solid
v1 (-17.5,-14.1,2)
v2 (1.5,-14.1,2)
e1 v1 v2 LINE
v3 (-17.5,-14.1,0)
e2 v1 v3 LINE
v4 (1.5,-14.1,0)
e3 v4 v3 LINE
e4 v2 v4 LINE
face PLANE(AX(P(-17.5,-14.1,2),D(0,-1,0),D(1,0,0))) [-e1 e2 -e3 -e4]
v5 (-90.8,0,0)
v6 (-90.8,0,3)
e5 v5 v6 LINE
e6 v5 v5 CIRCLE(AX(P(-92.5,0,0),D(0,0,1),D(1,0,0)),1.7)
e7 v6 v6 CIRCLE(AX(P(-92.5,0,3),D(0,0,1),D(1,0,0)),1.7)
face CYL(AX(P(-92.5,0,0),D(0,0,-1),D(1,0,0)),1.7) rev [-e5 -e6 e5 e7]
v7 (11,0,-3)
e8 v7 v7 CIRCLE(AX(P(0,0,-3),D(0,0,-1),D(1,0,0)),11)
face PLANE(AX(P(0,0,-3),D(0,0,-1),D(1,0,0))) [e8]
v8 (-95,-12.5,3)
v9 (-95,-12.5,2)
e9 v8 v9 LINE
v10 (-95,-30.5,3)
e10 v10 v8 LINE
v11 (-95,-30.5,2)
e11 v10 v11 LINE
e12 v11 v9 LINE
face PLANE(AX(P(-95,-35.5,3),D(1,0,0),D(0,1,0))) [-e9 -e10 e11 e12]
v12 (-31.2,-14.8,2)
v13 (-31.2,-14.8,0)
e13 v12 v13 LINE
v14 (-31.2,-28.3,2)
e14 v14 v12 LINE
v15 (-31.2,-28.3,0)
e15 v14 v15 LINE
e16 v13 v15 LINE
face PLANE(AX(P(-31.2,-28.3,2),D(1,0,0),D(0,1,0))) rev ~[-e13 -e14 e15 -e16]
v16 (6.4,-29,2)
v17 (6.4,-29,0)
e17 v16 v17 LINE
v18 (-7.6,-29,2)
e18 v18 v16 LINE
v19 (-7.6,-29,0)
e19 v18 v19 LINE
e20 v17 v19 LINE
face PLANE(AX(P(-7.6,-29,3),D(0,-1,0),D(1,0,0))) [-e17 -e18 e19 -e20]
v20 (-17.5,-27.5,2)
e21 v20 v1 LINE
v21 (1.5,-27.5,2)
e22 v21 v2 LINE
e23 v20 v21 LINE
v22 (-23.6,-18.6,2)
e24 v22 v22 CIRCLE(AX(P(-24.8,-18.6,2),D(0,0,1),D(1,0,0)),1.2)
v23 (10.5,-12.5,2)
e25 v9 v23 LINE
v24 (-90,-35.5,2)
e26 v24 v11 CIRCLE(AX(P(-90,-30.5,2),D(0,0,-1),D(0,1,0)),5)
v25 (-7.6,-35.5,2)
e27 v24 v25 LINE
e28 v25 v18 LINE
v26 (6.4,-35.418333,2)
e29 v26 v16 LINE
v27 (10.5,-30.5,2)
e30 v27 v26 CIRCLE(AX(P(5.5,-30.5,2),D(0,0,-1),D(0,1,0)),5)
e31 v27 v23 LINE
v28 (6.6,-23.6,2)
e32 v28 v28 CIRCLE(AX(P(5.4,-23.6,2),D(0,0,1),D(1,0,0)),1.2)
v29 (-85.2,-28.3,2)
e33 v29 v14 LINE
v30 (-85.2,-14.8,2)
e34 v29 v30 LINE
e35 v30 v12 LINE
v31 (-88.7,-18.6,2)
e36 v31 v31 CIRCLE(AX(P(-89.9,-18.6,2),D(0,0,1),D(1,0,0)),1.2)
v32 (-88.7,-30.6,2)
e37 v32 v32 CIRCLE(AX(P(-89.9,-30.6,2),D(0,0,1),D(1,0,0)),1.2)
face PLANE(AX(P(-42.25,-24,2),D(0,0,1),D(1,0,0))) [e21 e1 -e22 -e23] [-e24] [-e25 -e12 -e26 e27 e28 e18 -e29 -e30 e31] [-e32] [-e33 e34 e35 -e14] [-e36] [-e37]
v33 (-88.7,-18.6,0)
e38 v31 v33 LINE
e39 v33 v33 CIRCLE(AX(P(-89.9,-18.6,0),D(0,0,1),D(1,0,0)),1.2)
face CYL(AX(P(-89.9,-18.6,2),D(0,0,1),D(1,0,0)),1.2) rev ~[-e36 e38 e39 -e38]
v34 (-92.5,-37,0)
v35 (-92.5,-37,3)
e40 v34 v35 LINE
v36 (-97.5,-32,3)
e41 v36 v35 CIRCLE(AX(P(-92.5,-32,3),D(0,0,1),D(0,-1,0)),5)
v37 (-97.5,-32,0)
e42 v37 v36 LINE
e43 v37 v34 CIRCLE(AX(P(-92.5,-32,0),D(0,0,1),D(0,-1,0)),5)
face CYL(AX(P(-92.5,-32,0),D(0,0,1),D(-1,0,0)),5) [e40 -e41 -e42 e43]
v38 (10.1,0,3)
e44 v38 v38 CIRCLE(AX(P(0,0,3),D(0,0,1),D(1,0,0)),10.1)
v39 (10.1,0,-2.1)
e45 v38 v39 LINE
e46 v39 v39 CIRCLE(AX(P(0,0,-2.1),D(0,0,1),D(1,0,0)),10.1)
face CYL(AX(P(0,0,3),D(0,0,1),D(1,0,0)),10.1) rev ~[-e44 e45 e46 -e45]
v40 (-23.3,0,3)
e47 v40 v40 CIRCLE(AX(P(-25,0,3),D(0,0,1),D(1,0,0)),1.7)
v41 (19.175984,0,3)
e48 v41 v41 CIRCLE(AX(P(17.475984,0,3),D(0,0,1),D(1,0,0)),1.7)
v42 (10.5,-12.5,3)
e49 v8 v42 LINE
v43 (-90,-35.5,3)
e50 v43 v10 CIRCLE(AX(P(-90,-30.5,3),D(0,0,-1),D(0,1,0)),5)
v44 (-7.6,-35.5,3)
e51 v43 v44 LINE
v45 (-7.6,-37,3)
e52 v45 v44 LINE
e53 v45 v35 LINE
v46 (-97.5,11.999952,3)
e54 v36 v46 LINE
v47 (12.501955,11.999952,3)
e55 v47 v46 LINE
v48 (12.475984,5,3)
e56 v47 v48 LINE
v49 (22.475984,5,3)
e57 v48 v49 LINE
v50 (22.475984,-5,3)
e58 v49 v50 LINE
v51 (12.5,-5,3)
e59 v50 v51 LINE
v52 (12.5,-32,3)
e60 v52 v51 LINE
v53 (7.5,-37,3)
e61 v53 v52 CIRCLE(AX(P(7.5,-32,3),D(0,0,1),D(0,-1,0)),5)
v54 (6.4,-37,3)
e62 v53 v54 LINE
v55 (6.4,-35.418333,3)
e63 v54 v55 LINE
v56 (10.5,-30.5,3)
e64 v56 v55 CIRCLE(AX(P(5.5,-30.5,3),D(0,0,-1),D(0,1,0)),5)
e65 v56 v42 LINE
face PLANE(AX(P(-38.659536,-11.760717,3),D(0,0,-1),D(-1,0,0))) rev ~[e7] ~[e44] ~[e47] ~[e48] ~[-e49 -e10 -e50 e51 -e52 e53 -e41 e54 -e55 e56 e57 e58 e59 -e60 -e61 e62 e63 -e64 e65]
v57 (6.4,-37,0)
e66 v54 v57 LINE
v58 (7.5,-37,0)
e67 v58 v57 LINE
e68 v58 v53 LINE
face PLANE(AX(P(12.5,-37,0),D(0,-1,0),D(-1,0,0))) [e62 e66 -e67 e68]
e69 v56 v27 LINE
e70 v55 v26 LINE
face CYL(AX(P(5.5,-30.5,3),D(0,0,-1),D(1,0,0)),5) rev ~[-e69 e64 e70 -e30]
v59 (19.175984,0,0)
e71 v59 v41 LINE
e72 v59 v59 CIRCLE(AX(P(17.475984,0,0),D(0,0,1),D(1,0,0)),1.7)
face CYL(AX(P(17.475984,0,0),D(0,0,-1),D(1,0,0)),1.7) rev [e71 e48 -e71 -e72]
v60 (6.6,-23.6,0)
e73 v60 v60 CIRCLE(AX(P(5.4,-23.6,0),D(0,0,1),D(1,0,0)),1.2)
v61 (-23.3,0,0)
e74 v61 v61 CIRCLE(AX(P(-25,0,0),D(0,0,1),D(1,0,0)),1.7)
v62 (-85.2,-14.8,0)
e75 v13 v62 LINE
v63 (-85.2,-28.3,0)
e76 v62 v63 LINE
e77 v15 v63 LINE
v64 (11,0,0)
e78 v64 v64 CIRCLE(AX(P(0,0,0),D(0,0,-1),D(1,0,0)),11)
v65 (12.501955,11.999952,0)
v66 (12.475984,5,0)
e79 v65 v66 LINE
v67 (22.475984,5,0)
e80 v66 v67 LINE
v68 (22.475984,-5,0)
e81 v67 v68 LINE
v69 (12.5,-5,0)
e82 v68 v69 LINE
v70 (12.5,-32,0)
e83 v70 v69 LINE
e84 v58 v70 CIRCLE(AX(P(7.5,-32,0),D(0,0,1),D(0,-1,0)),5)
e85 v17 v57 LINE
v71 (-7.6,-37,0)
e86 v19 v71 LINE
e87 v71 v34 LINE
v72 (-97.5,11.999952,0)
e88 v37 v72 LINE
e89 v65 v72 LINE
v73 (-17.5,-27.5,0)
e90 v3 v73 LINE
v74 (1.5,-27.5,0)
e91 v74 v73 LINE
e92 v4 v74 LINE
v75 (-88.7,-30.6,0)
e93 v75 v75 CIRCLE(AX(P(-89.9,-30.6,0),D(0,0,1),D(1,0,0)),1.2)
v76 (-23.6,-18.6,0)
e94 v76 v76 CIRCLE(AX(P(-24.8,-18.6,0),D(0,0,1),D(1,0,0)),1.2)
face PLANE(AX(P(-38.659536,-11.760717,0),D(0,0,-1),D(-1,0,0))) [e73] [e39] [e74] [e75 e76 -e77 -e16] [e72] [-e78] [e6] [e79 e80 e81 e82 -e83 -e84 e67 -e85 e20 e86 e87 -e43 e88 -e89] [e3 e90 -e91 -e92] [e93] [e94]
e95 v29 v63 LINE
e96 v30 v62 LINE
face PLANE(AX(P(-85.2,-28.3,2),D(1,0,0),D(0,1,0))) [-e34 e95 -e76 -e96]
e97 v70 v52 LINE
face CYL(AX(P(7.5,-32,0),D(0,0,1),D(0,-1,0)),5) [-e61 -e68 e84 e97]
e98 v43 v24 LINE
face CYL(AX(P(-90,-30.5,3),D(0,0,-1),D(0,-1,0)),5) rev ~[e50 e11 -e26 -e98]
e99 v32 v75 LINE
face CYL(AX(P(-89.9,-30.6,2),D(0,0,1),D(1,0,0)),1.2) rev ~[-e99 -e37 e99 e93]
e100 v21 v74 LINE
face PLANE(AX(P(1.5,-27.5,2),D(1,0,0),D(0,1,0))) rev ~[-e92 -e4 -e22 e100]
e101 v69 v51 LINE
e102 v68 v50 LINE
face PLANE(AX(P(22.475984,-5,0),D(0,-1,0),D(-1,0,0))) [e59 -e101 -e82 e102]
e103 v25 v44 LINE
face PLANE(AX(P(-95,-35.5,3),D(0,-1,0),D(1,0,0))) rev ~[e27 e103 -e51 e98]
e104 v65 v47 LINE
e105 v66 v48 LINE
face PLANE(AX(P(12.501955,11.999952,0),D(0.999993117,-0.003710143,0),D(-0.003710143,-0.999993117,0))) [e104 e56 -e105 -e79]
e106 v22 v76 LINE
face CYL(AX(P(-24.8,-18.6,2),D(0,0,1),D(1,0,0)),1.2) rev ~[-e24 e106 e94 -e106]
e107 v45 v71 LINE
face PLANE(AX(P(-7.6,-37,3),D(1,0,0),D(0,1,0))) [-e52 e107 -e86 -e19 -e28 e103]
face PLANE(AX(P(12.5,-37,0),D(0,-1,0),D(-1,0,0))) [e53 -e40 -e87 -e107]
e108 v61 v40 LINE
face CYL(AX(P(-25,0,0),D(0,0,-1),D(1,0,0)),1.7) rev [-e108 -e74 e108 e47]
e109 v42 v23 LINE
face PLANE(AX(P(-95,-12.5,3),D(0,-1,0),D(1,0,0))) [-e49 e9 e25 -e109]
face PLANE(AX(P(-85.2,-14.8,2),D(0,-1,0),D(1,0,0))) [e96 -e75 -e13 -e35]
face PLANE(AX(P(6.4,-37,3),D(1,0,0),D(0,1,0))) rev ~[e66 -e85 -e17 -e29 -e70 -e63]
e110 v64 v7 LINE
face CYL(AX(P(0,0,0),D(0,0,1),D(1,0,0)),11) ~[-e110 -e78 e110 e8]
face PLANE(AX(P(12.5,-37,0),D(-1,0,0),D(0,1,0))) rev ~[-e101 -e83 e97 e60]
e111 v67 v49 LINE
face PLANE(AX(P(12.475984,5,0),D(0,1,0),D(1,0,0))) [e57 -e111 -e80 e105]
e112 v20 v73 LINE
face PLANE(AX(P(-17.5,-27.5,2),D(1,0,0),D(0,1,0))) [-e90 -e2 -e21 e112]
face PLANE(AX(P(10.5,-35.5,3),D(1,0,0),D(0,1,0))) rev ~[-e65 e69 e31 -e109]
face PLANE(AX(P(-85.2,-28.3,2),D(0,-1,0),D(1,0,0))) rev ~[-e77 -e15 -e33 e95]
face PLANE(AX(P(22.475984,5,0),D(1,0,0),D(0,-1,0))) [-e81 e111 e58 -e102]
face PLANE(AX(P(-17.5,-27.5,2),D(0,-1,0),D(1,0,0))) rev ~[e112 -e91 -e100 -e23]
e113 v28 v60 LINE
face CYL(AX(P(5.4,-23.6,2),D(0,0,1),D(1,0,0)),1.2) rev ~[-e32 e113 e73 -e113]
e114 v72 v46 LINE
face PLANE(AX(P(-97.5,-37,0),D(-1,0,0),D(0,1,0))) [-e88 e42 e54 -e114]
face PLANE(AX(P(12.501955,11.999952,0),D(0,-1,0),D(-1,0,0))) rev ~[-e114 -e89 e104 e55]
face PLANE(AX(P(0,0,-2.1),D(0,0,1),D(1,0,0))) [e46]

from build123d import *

# Parameters (mm, degrees)
SKETCH_R        = 1.7
PAD_DEPTH       = 3
SKETCH001_W     = 105.5
SKETCH001_H     = 23
POCKET_DEPTH    = 1
SKETCH002_R     = 1.2
SKETCH002_W     = 54
SKETCH002_H     = 13.5
SKETCH002_W_2   = 19
SKETCH002_H_2   = 13.4
POCKET001_DEPTH = 5
FILLET_R        = 5
FILLET001_R     = 5
FILLET002_R     = 5
FILLET003_R     = 5
SKETCH003_W     = 14
SKETCH003_H     = 8
POCKET002_DEPTH = 5
SKETCH004_R     = 11
PAD001_DEPTH    = 3
SKETCH005_R     = 10.1
POCKET003_DEPTH = 5.1


with BuildPart() as part:
    # Sketch → Pad (new body)
    with BuildSketch(Plane.XY):
        Polygon((-12.902803, 11.999952), (12.501955, 11.999952), (12.475984, 5), (22.475984, 5), (22.475984, -5), (12.5, -5), (12.5, -12), (12.5, -37), (-97.5, -37), (-97.5, 11.999952), align=None)
        with Locations((17.475984, 0)):
            Circle(SKETCH_R, mode=Mode.SUBTRACT)
        with Locations((-92.5, 0)):
            Circle(SKETCH_R, mode=Mode.SUBTRACT)
        with Locations((-25, 0)):
            Circle(SKETCH_R, mode=Mode.SUBTRACT)
    extrude(amount=PAD_DEPTH)

    # Sketch001 (on Face15 of Pad) → Pocket (cut)
    with BuildSketch(Plane.XY.offset(3)):
        with Locations((-42.25, -24)):
            Rectangle(SKETCH001_W, SKETCH001_H)
    extrude(amount=-POCKET_DEPTH, mode=Mode.SUBTRACT)

    # Sketch002 (on Face20 of Pocket) → Pocket001 (cut)
    with BuildSketch(Plane.XY.offset(2)):
        with Locations((-89.9, -18.6)):
            Circle(SKETCH002_R)
        with Locations((-89.9, -30.6)):
            Circle(SKETCH002_R)
        with Locations((-24.8, -18.6)):
            Circle(SKETCH002_R)
        with Locations((5.4, -23.6)):
            Circle(SKETCH002_R)
        with Locations((-58.2, -21.55)):
            Rectangle(SKETCH002_W, SKETCH002_H)
        with Locations((-8, -20.8)):
            Rectangle(SKETCH002_W_2, SKETCH002_H_2)
    extrude(amount=-POCKET001_DEPTH, mode=Mode.SUBTRACT)

    # Fillet
    fillet_edges = [part.edges().sort_by_distance(p)[0] for p in [
        (10.5, -35.5, 2.5),
    ]]
    fillet(fillet_edges, radius=FILLET_R)

    # Fillet001
    fillet001_edges = [part.edges().sort_by_distance(p)[0] for p in [
        (-95, -35.5, 2.5),
    ]]
    fillet(fillet001_edges, radius=FILLET001_R)

    # Fillet002
    fillet002_edges = [part.edges().sort_by_distance(p)[0] for p in [
        (-97.5, -37, 1.5),
    ]]
    fillet(fillet002_edges, radius=FILLET002_R)

    # Fillet003
    fillet003_edges = [part.edges().sort_by_distance(p)[0] for p in [
        (12.5, -37, 1.5),
    ]]
    fillet(fillet003_edges, radius=FILLET003_R)

    # Sketch003 (on Face1 of Fillet003) → Pocket002 (cut)
    with BuildSketch(Plane.XY.offset(3)):
        with Locations((-0.6, -33)):
            Rectangle(SKETCH003_W, SKETCH003_H)
    extrude(amount=-POCKET002_DEPTH, mode=Mode.SUBTRACT)

    # Sketch004 (on Face26 of Pocket002) → Pad001 (join)
    with BuildSketch(Plane(origin=(0, 0, 0), x_dir=(1, 0, 0), z_dir=(0, 0, -1))):
        Circle(SKETCH004_R)
    extrude(amount=PAD001_DEPTH)

    # Sketch005 (on Face1 of Pad001) → Pocket003 (cut)
    with BuildSketch(Plane.XY.offset(3)):
        Circle(SKETCH005_R)
    extrude(amount=-POCKET003_DEPTH, mode=Mode.SUBTRACT)


solid = part.part
